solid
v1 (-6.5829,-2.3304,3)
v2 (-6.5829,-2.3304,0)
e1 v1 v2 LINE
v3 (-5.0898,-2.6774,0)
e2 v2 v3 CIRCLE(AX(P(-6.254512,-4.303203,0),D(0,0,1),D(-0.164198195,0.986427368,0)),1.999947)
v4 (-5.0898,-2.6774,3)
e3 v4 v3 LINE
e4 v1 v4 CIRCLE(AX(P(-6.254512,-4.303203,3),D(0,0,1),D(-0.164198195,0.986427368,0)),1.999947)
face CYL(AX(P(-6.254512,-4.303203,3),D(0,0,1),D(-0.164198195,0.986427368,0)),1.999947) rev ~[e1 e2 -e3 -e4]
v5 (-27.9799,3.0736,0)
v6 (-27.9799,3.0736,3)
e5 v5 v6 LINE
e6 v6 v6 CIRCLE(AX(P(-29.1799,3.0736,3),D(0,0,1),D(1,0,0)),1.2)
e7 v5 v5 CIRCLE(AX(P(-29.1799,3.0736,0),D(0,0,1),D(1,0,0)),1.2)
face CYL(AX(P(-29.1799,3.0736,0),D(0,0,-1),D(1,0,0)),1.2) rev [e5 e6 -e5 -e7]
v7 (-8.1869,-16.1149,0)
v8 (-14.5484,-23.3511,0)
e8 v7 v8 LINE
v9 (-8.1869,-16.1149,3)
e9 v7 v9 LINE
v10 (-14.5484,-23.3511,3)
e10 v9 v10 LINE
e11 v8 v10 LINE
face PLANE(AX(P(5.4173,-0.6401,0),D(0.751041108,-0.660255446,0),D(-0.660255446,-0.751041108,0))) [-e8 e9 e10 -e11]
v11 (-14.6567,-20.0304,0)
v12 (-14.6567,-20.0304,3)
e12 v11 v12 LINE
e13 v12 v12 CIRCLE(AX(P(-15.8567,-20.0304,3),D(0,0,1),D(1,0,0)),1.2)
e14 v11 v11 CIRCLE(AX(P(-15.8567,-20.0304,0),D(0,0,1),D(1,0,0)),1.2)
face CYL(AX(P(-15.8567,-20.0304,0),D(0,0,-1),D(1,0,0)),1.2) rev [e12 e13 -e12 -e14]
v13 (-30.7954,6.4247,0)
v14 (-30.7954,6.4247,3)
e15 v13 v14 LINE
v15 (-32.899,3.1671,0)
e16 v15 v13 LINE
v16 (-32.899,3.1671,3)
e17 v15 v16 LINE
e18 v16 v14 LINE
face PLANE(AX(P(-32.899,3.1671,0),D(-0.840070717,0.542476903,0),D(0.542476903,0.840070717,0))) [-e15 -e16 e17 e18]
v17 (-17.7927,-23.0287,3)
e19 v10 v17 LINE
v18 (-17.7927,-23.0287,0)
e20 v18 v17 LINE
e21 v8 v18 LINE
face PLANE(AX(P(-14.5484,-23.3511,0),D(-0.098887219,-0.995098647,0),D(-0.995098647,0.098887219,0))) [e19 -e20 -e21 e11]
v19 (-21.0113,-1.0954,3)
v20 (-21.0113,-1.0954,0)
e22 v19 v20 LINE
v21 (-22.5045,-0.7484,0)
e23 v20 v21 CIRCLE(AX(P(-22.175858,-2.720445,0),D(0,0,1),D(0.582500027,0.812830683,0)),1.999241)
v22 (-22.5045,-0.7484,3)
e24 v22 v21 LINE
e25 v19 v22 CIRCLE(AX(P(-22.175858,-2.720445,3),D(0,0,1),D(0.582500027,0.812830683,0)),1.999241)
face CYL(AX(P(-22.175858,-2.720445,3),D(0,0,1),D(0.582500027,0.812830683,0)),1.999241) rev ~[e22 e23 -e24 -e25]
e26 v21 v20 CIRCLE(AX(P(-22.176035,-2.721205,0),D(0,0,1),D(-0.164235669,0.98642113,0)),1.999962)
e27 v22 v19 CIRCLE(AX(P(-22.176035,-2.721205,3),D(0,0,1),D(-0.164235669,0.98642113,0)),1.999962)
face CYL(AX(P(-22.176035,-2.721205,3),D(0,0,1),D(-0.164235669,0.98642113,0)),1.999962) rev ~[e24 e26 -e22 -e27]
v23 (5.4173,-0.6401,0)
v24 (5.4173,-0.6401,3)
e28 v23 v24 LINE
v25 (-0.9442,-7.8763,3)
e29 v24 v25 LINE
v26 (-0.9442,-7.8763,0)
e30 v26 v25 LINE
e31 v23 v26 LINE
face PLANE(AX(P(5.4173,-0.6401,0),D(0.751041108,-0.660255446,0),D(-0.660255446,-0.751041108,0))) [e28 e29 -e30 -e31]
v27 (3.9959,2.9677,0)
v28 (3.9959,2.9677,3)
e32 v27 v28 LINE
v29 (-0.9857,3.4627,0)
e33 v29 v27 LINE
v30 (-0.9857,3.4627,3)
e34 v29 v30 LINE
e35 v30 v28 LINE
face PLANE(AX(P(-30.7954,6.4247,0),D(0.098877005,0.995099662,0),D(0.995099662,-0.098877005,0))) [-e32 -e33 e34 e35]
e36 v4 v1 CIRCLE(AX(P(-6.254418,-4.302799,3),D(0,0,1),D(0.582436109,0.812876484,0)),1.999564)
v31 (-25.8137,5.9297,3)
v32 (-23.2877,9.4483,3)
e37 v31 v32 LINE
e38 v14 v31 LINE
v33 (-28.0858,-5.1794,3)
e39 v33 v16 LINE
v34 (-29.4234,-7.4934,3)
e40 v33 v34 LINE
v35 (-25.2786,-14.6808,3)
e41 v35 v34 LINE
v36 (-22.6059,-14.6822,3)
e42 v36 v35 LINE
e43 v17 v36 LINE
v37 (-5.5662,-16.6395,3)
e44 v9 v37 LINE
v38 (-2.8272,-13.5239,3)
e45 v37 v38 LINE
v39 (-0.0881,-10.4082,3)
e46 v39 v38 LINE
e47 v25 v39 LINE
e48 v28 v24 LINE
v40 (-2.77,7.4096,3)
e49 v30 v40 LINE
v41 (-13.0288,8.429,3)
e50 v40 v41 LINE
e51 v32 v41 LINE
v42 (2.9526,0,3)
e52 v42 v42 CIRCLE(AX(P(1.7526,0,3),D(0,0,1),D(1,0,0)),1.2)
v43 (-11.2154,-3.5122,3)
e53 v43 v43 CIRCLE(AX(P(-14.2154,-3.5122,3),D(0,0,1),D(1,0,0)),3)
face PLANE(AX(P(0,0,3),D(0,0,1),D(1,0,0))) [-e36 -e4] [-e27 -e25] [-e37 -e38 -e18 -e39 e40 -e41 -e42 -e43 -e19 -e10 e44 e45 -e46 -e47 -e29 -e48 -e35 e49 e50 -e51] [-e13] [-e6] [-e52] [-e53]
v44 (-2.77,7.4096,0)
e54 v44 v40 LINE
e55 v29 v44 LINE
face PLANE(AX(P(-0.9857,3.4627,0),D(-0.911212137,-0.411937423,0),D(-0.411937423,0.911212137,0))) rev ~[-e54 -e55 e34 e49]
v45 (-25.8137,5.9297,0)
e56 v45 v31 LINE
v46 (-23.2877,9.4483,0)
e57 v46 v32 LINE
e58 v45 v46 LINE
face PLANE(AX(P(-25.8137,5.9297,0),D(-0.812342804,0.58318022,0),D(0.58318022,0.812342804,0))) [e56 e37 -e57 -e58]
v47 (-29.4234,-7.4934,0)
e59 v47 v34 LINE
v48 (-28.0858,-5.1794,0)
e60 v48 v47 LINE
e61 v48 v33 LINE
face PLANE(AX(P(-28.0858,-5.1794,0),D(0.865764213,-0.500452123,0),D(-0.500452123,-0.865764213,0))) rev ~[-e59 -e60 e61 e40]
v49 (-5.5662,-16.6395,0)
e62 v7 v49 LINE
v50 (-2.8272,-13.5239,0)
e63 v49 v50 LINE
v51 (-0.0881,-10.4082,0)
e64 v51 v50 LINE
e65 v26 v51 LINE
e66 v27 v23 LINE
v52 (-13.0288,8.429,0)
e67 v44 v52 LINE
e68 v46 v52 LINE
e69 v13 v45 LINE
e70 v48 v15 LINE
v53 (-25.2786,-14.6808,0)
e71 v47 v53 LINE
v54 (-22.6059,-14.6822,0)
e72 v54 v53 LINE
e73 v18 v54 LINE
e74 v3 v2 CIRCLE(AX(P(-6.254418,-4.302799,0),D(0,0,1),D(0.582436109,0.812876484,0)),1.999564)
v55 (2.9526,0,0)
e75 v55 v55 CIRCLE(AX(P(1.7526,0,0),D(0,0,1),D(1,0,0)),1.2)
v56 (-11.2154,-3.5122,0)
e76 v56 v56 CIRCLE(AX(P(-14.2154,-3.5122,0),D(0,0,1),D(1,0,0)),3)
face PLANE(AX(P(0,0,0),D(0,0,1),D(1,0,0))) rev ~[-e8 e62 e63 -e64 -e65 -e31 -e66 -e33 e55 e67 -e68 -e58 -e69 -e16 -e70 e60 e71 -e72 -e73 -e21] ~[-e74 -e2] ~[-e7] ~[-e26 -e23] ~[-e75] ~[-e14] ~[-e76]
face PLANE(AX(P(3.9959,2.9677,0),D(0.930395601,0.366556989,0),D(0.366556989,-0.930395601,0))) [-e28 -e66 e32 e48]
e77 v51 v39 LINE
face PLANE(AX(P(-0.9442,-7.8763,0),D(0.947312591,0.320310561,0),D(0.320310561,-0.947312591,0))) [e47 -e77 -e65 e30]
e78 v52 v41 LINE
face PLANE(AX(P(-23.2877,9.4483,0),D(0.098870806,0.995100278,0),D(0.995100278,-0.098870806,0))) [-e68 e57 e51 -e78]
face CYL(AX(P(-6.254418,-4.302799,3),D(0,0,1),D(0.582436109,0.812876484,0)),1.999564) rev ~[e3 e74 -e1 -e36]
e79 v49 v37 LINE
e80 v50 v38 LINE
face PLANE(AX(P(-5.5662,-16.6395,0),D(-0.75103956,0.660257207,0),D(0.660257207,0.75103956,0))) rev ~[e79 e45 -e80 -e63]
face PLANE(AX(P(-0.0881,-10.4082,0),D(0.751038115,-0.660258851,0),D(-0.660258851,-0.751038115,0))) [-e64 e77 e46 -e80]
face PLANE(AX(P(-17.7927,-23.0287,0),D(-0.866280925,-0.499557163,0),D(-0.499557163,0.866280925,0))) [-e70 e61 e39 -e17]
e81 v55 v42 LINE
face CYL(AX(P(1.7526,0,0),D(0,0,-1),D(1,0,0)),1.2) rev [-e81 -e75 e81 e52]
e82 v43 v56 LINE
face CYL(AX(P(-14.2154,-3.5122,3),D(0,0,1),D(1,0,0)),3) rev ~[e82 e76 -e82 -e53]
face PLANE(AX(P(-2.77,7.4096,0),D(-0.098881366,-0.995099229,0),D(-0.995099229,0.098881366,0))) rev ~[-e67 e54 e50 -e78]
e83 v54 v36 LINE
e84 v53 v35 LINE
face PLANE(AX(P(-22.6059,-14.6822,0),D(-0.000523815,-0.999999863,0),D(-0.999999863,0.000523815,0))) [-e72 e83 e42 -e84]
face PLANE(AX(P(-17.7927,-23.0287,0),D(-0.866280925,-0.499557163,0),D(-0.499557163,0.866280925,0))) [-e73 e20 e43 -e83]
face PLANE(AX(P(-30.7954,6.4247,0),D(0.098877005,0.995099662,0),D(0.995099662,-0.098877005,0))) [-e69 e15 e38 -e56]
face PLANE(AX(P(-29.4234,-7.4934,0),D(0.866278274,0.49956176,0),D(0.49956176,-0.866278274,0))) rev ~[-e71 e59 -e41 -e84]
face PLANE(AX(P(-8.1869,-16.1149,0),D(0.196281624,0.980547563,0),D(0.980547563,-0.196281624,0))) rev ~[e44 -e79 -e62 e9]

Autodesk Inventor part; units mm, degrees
ref_plane "YZ Plane" through (0, 0, 0) normal (1, 0, 0) x (0, 1, 0)
ref_plane "XZ Plane" through (0, 0, 0) normal (0, 1, 0) x (-1, 0, 0)
ref_plane "XY Plane" through (0, 0, 0) normal (0, 0, 1) x (1, 0, 0)
sketch "Sketch1" plane through (0, 0, 0) normal (0, 0, 1) x (1, 0, 0)
  circle A0 centre (-29.1799, 3.0736) radius 3.175 construction
  circle A1 centre (1.7526, 0) radius 3.175 construction
  circle A2 centre (-15.8567, -20.0304) radius 3.175 construction
  circle A3 centre (-29.1799, 3.0736) radius 1.2
  circle A4 centre (1.7526, 0) radius 1.2
  circle A5 centre (-15.8567, -20.0304) radius 1.2
  line L0 (-29.1799, 3.0736) -> (1.7526, 0) construction
  line L1 (-13.7137, 1.5368) -> (-15.8567, -20.0304) construction
  line L2 (-30.7954, 6.4247) -> (3.9959, 2.9677)
  line L3 (3.9959, 2.9677) -> (5.4173, -0.6401)
  line L4 (5.4173, -0.6401) -> (-14.5484, -23.3511)
  line L5 (-14.5484, -23.3511) -> (-17.7927, -23.0287)
  line L6 (-17.7927, -23.0287) -> (-32.899, 3.1671)
  line L7 (-32.899, 3.1671) -> (-30.7954, 6.4247)
  point P0 (0, 0)
  point P1 (-16.1706, -23.1899)
  point P2 (-31.8472, 4.7959)
  dimension "d0" = 2.4
  dimension "d1" = 2.4
  dimension "d2" = 2.4
extrude "Plate1" add sketch "Sketch1" along normal blind 3
sketch "Sketch2" plane through (0, 0, 3) normal (0, 0, 1) x (1, 0, 0)
  line L0 (-17.7927, -23.0287) -> (-32.899, 3.1671) construction
  line L1 (-30.7954, 6.4247) -> (3.9959, 2.9677) construction
  line L2 (5.4173, -0.6401) -> (-14.5484, -23.3511) construction
  line L3 (-17.7927, -23.0287) -> (-32.899, 3.1671) construction
  line L4 (-25.3459, -9.9308) -> (-14.2154, -3.5122) construction
  line L5 (-14.2154, -3.5122) -> (-13.3997, 4.6962) construction
  line L6 (-14.2154, -3.5122) -> (-4.5656, -11.9956) construction
  line L7 (5.4173, -0.6401) -> (-14.5484, -23.3511) construction
  point P0 (0, 0)
sketch "Sketch3" plane through (0, 0, 3) normal (0, 0, 1) x (1, 0, 0)
  arc A0 (-5.0898, -2.6774) -> (-6.5829, -2.3304) centre (-6.2546, -4.3032) ccw projected
  arc A1 (-6.5829, -2.3304) -> (-5.0898, -2.6774) centre (-6.2546, -4.3032) ccw projected
  arc A2 (-21.0113, -1.0954) -> (-22.5045, -0.7484) centre (-22.1762, -2.7212) ccw projected
  arc A3 (-22.5045, -0.7484) -> (-21.0113, -1.0954) centre (-22.1762, -2.7212) ccw projected
  circle A4 centre (-14.2154, -3.5122) radius 3 projected
extrude "Extrusion1" cut sketch "Sketch3" against normal through all
sketch "Sketch4" plane through (0, 0, 0) normal (0, 0, -1) x (-1, 0, 0)
  line L0 (30.7954, 6.4247) -> (-3.9959, 2.9677) projected
  line L1 (0.9857, 3.4627) -> (2.77, 7.4096)
  line L2 (2.77, 7.4096) -> (13.0288, 8.429)
  line L3 (13.0288, 8.429) -> (13.3997, 4.6962) construction
  arc A0 (9.3955, 4.3921) -> (1.4831, 3.2621) centre (5.4635, 3.6576) ccw construction
  line L4 (25.8137, 5.9297) -> (23.2877, 9.4483)
  line L5 (23.2877, 9.4483) -> (13.0288, 8.429)
  line L6 (-5.4173, -0.6401) -> (14.5484, -23.3511) projected
  line L7 (0.9442, -7.8763) -> (0.0881, -10.4082)
  line L8 (0.0881, -10.4082) -> (2.8272, -13.5239)
  line L9 (2.8272, -13.5239) -> (4.5656, -11.9956) construction
  line L10 (-5.4173, -0.6401) -> (14.5484, -23.3511) projected
  arc A1 (3.0652, -12.6595) -> (11.0452, -12.2104) centre (7.0456, -12.264) ccw construction
  line L11 (8.1869, -16.1149) -> (5.5662, -16.6395)
  line L12 (5.5662, -16.6395) -> (2.8272, -13.5239)
  line L13 (17.7927, -23.0287) -> (32.899, 3.1671) projected
  line L14 (28.0858, -5.1794) -> (29.4234, -7.4934)
  line L15 (29.4234, -7.4934) -> (27.351, -11.0871)
  line L16 (25.2786, -14.6808) -> (27.351, -11.0871)
  line L17 (22.6059, -14.6822) -> (25.2786, -14.6808)
  point P0 (0, 0)
  dimension "d6" = 120
  dimension "d7" = 120
extrude "Extrusion2" add sketch "Sketch4" against normal up to surface (3 mm away)
equation "\"d3\" = Thickness"
equation "\"BendRadius\" = Thickness"
equation "\"BendReliefWidth\" = Thickness"
equation "\"BendReliefDepth\" = 0.5 * Thickness"
equation "\"CornerReliefSize\" = 4 * Thickness"
equation "\"MinimumRemnant\" = 2 * Thickness"
equation "\"TransitionRadius\" = BendRadius"
equation "\"JacobiRadiusSize\" = BendRadius"
equation "\"GapSize\" = Thickness"
equation "\"Thickness\" = 3"
properties part number "TongueMount"
